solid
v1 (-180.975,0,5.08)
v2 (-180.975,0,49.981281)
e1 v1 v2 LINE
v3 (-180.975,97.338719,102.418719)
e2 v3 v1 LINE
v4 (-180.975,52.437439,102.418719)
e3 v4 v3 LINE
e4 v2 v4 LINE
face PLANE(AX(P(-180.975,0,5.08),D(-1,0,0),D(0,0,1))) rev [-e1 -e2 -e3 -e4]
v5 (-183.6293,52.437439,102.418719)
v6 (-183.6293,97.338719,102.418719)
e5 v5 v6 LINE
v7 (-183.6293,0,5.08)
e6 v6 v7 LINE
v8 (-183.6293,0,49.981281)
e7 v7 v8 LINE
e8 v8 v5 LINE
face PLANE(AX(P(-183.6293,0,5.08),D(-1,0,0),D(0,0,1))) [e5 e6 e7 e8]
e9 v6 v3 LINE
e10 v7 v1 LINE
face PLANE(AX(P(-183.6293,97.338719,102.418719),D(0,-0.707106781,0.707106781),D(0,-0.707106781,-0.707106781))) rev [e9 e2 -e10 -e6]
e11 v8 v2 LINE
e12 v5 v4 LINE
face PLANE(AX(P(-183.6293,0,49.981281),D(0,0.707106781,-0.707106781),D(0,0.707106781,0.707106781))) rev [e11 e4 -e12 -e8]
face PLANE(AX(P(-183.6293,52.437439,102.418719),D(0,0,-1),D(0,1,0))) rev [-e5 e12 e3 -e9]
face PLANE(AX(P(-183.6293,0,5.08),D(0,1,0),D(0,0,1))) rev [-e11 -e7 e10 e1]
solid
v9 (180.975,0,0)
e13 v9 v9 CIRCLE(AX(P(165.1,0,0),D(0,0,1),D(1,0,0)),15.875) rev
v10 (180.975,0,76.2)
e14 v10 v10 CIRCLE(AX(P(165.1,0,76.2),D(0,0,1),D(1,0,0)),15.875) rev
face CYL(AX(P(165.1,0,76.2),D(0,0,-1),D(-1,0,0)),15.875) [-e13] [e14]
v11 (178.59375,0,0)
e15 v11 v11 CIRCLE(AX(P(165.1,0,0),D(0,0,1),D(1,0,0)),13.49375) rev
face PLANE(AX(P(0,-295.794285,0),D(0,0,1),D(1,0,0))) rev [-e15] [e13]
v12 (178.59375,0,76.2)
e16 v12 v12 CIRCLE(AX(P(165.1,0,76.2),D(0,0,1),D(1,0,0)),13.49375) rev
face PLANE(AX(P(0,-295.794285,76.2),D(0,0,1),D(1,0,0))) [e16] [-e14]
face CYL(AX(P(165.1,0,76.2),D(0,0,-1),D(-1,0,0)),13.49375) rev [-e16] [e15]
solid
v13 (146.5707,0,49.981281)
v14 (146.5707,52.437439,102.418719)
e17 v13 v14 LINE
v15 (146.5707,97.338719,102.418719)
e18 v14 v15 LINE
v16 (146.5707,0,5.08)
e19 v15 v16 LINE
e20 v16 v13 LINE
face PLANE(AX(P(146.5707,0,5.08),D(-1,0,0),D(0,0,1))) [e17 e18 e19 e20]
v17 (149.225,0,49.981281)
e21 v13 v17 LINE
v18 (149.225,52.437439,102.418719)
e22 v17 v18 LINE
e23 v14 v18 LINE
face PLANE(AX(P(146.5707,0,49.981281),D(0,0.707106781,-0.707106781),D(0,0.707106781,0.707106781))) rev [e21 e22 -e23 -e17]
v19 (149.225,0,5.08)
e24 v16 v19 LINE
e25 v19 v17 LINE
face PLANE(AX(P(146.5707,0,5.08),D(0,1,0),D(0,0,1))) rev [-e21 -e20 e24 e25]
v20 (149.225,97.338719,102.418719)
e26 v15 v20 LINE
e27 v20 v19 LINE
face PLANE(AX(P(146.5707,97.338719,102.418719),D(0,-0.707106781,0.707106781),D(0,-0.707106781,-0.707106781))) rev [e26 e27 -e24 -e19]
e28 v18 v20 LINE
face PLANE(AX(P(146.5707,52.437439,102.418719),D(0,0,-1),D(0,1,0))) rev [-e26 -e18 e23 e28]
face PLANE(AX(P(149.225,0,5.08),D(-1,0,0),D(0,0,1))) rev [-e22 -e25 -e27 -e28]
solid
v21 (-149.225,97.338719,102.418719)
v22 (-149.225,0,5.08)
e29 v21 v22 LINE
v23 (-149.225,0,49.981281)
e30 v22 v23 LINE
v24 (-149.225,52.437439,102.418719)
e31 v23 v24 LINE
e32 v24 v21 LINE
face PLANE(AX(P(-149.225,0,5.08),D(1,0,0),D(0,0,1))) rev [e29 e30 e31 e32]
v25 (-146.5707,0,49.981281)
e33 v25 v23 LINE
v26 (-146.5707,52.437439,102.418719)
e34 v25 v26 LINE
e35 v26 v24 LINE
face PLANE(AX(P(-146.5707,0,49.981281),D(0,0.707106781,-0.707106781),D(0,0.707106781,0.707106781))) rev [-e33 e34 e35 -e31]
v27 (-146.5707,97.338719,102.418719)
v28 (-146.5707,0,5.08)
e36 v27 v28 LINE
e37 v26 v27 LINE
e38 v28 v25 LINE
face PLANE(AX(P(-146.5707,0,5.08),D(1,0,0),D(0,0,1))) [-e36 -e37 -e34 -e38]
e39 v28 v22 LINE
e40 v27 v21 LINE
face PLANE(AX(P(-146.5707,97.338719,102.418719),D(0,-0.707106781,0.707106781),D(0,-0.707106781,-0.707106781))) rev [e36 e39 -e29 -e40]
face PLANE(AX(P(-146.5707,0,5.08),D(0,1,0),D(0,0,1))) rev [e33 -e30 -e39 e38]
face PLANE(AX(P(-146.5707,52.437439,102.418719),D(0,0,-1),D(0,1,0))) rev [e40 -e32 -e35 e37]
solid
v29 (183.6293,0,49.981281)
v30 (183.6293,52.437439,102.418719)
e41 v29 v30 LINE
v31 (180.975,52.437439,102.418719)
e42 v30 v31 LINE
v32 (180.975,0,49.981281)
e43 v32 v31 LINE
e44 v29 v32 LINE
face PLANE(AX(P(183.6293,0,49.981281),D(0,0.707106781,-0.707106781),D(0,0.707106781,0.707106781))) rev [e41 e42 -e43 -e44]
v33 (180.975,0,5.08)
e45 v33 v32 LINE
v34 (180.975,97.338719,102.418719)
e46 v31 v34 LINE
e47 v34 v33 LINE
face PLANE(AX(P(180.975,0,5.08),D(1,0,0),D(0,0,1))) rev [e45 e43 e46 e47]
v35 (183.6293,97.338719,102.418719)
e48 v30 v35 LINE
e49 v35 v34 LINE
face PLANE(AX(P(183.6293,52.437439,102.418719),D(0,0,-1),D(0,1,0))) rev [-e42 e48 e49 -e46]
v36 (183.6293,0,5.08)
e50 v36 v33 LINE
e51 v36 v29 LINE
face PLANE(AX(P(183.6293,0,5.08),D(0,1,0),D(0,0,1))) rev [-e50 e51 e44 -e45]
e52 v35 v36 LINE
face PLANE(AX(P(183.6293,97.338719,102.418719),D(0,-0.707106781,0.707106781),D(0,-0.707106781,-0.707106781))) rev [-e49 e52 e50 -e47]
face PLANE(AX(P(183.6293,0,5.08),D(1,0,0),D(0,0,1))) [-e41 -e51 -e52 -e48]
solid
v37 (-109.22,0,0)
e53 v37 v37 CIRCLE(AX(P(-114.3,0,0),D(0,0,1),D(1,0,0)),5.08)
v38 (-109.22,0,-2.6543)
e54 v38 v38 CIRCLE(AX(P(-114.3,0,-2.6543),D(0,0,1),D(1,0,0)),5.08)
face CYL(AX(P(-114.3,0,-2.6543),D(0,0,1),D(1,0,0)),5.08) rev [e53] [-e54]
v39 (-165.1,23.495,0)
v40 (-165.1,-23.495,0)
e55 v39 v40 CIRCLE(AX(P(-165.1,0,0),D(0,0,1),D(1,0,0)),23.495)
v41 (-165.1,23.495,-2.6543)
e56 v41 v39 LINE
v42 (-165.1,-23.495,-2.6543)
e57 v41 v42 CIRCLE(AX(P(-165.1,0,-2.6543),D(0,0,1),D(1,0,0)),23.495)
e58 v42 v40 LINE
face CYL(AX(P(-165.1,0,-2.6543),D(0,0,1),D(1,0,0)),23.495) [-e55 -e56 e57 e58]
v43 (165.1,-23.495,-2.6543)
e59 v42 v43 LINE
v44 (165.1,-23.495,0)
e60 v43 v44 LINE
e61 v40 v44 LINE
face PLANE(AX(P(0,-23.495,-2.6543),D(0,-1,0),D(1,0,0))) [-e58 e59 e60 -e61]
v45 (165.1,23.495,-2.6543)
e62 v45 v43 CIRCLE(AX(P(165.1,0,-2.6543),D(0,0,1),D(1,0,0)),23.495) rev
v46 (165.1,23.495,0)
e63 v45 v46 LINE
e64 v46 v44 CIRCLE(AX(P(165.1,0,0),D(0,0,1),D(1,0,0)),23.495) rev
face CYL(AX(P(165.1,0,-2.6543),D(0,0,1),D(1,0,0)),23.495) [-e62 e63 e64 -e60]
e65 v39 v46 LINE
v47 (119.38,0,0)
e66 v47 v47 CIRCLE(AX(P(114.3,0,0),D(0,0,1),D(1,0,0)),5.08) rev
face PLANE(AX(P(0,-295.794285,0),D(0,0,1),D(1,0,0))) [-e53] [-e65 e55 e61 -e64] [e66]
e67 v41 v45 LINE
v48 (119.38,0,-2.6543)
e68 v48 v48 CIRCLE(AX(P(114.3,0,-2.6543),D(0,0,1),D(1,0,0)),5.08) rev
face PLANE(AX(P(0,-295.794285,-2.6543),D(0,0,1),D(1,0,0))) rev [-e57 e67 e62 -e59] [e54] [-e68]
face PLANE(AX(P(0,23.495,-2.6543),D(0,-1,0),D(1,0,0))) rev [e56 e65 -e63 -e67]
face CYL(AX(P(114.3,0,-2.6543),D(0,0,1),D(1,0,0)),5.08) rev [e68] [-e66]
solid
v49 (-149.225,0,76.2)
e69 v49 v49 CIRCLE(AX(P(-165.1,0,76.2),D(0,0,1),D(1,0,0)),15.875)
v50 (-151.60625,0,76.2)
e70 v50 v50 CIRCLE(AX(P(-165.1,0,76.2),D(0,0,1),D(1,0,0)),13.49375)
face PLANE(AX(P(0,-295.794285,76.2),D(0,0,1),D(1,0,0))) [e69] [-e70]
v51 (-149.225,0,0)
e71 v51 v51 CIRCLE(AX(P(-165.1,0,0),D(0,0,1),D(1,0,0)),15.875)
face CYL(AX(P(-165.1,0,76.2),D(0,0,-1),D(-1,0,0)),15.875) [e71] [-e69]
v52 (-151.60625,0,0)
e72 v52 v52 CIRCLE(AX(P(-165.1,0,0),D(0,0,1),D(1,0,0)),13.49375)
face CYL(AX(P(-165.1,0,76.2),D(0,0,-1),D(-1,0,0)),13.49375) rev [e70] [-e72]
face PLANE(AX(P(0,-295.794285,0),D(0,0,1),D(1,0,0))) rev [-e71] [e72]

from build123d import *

# Parameters (mm, degrees)
SKETCH1_R           = 15.875
SKETCH1_R_2         = 13.49375
PIPE_BASE_DEPTH     = 76.2
PIPE_BASE_2_DEPTH   = 76.2
SKETCH1_3_R         = 15.875
SKETCH1_3_R_2       = 13.49375
SKETCH1_3_R_3       = 5.08
BASE_PLATE_DEPTH    = 2.6543
SKETCH1_4_R         = 5.08
CASTER_HOLES_DEPTH  = 2.6543
PLATE_SUPPORT_DEPTH = 2.6543


with BuildPart() as part:
    # Sketch1 → Pipe Base (new body)
    with BuildSketch(Plane.XY):
        with Locations((-165.1, 0)):
            Circle(SKETCH1_R)
        with Locations((-165.1, 0)):
            Circle(SKETCH1_R_2, mode=Mode.SUBTRACT)
    extrude(amount=PIPE_BASE_DEPTH)


with BuildPart() as body_2:
    # Sketch1 → Pipe Base 2 (new body)
    with BuildSketch(Plane.XY):
        with Locations((165.1, 0)):
            Circle(SKETCH1_R)
        with Locations((165.1, 0)):
            Circle(SKETCH1_R_2, mode=Mode.SUBTRACT)
    extrude(amount=PIPE_BASE_2_DEPTH)


with BuildPart() as body_3:
    # Sketch1_3 → Base Plate (new body)
    with BuildSketch(Plane.XY):
        with BuildLine():
            ThreePointArc((165.1, 23.495), (188.595, 0), (165.1, -23.495))
            Line((165.1, -23.495), (-165.1, -23.495))
            ThreePointArc((-165.1, -23.495), (-188.595, 0), (-165.1, 23.495))
            Line((-165.1, 23.495), (165.1, 23.495))
        make_face()
        with Locations((-165.1, 0)):
            Circle(SKETCH1_3_R, mode=Mode.SUBTRACT)
        with Locations((165.1, 0)):
            Circle(SKETCH1_3_R, mode=Mode.SUBTRACT)
        with Locations((-165.1, 0)):
            Circle(SKETCH1_3_R)
        with Locations((-165.1, 0)):
            Circle(SKETCH1_3_R_2, mode=Mode.SUBTRACT)
        with Locations((-165.1, 0)):
            Circle(SKETCH1_3_R_2)
        with Locations((165.1, 0)):
            Circle(SKETCH1_3_R)
        with Locations((165.1, 0)):
            Circle(SKETCH1_3_R_2, mode=Mode.SUBTRACT)
        with Locations((165.1, 0)):
            Circle(SKETCH1_3_R_2)
        with Locations((-114.3, 0)):
            Circle(SKETCH1_3_R_3)
        with Locations((114.3, 0)):
            Circle(SKETCH1_3_R_3)
    extrude(amount=-BASE_PLATE_DEPTH)

    # Sketch1_4 → Caster Holes (cut)
    with BuildSketch(Plane.XY):
        with Locations((114.3, 0)):
            Circle(SKETCH1_4_R)
        with Locations((-114.3, 0)):
            Circle(SKETCH1_4_R)
    extrude(amount=-CASTER_HOLES_DEPTH, mode=Mode.SUBTRACT)


with BuildPart() as body_4:
    # Sketch2 → Plate Support (new body)
    with BuildSketch(Plane.ZY.offset(180.975)):
        Polygon((5.08, 0), (49.981280605, 0), (102.418719395, 52.437438789), (102.418719395, 97.338719395), align=None)
    extrude(amount=PLATE_SUPPORT_DEPTH)


with BuildPart() as body_5:
    # Plate Support Left Mirror: mirrored copy
    add(body_4.part.mirror(Plane.ZY.offset(165.1)))


with BuildPart() as body_6:
    # Plate Support Mirror: mirrored copy
    add(body_5.part.mirror(Plane(origin=(0, 0, 0), x_dir=(0, 0, 1), z_dir=(1, 0, 0))))


with BuildPart() as body_7:
    # Plate Support Mirror 2: mirrored copy
    add(body_4.part.mirror(Plane(origin=(0, 0, 0), x_dir=(0, 0, 1), z_dir=(1, 0, 0))))


solid = Compound([part.part, body_2.part, body_3.part, body_4.part, body_5.part, body_6.part, body_7.part])
